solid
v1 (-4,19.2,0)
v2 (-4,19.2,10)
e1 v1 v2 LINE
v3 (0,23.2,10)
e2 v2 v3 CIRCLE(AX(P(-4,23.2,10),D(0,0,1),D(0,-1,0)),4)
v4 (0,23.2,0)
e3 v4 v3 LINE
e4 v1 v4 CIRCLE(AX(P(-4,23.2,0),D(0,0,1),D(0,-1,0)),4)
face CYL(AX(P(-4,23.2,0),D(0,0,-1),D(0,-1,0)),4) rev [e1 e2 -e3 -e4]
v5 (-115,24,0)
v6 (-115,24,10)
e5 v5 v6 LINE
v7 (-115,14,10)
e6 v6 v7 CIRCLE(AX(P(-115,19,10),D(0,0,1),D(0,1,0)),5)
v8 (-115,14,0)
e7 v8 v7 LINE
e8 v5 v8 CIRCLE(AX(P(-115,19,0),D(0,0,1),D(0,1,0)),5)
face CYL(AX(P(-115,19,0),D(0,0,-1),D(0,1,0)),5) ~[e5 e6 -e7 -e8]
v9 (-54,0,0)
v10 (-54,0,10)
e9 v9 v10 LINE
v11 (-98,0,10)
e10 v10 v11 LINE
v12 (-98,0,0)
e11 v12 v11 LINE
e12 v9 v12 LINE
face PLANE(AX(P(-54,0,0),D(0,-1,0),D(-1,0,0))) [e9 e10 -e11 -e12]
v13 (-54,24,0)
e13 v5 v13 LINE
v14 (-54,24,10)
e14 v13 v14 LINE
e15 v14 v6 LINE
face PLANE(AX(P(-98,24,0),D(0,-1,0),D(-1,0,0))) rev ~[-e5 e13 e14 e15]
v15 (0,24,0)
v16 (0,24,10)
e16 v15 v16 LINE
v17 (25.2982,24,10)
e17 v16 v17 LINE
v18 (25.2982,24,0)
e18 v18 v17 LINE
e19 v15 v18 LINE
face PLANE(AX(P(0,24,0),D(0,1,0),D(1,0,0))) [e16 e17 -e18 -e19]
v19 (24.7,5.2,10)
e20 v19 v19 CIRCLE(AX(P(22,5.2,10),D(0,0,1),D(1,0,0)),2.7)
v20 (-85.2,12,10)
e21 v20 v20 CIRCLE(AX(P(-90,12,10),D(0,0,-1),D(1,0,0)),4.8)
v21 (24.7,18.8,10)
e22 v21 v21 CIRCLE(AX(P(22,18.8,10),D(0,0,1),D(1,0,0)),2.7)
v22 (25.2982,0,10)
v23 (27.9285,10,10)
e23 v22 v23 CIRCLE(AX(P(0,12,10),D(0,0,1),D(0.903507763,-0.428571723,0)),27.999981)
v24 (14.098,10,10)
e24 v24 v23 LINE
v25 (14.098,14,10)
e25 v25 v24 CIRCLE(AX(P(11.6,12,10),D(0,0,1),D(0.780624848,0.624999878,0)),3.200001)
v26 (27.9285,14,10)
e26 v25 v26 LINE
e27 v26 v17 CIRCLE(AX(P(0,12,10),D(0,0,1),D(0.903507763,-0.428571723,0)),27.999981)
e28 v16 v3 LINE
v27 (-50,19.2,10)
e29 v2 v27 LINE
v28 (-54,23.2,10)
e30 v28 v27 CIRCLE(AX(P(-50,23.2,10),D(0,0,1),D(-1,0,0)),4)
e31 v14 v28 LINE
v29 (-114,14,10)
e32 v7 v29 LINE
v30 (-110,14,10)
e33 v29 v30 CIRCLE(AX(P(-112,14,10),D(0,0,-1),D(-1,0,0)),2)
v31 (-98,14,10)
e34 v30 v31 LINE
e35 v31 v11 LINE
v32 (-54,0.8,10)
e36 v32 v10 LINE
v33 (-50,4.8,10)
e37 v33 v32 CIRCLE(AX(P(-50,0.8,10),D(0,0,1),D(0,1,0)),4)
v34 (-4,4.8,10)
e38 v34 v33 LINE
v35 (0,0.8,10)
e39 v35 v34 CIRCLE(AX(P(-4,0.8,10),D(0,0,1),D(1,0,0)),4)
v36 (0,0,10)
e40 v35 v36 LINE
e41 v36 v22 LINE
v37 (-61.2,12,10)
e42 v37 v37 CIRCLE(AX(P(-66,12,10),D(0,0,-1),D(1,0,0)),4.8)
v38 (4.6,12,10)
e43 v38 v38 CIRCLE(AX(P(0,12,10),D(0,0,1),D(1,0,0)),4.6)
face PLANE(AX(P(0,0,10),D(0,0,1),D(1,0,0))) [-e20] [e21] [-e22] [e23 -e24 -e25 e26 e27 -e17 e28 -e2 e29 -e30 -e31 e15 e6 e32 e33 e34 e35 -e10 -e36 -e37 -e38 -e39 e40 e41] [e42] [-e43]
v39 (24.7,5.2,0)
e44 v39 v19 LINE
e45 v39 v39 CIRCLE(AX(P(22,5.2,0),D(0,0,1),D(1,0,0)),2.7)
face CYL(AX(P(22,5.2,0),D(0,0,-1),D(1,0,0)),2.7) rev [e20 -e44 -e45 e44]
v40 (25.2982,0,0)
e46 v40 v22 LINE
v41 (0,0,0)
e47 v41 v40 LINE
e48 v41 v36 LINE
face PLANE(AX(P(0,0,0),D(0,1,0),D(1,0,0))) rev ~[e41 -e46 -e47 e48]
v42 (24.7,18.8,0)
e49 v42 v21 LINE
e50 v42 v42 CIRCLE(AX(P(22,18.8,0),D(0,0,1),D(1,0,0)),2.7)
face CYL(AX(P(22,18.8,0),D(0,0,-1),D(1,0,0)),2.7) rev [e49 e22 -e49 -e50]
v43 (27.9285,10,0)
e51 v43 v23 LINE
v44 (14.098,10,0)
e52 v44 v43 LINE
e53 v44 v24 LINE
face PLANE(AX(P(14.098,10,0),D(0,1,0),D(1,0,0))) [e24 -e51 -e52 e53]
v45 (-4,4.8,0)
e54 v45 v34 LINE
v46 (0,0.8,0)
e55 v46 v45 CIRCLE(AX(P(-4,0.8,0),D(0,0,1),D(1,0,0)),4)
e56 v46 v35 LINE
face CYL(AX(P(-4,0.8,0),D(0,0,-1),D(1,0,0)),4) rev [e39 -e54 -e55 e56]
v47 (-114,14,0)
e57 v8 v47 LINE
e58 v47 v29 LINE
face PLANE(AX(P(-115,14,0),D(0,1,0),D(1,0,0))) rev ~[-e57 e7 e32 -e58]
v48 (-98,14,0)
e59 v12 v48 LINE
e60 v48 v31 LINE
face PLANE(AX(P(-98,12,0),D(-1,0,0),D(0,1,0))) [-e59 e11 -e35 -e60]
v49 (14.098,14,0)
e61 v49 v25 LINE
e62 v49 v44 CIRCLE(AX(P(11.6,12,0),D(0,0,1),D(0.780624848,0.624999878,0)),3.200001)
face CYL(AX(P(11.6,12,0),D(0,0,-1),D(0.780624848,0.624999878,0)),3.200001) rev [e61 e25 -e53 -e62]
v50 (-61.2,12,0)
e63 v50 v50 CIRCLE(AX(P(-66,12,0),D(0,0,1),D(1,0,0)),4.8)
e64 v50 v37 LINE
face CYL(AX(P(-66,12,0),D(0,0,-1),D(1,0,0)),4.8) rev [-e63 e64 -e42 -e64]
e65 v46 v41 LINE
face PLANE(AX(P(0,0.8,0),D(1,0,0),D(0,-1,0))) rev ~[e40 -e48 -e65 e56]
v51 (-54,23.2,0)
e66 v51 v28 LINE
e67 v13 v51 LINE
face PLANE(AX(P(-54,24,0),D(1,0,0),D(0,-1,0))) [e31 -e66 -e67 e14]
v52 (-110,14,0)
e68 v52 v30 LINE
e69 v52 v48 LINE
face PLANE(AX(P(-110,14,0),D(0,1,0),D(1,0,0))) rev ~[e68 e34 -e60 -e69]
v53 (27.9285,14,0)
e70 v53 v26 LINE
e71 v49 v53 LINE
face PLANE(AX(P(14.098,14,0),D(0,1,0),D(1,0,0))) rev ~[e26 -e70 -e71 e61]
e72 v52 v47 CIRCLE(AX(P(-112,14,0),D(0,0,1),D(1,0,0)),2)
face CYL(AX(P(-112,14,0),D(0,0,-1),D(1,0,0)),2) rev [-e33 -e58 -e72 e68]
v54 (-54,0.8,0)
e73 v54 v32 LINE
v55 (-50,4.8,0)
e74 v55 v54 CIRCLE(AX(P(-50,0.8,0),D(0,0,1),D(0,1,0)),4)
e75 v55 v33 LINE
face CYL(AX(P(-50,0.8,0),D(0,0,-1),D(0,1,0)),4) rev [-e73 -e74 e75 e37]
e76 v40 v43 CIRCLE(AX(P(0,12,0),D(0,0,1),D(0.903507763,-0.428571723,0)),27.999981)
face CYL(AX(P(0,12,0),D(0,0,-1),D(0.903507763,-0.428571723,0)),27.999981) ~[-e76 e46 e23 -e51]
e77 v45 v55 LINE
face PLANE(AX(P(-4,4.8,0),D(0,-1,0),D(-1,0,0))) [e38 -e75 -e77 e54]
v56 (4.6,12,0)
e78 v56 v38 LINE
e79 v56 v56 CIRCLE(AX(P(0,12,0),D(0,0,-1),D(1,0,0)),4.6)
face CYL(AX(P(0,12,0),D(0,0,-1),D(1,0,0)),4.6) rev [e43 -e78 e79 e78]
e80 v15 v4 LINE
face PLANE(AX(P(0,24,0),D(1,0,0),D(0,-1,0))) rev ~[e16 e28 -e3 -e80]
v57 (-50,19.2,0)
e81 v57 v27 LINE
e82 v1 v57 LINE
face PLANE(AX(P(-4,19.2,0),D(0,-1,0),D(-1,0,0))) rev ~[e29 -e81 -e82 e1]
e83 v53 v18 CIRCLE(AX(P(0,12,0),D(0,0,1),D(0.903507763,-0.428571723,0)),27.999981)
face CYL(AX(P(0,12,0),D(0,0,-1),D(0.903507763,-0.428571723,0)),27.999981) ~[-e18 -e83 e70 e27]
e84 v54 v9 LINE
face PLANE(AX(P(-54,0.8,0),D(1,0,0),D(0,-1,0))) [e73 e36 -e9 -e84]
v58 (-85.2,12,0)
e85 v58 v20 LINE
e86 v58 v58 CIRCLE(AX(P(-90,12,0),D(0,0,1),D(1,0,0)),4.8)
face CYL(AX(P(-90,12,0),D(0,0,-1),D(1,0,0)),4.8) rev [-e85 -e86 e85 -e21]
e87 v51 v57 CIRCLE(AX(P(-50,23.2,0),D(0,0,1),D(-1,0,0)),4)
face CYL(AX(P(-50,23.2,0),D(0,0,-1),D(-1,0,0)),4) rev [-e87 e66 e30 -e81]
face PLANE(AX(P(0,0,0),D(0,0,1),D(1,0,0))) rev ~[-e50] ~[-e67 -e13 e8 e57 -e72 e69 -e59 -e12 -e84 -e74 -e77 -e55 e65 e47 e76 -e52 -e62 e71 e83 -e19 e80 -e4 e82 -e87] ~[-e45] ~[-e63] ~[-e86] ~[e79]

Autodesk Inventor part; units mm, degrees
ref_plane "YZ Plane" through (0, 0, 0) normal (1, 0, 0) x (0, 1, 0)
ref_plane "XZ Plane" through (0, 0, 0) normal (0, 1, 0) x (-1, 0, 0)
ref_plane "XY Plane" through (0, 0, 0) normal (0, 0, 1) x (1, 0, 0)
sketch "Эскиз1" plane through (0, 0, 0) normal (0, 0, 1) x (1, 0, 0)
  circle A0 centre (0, 12) radius 4.6
  line L0 (0, 24) -> (0, 0)
  arc A1 (25.2982, 0) -> (25.2982, 24) centre (0, 12) ccw
  line L1 (0, 24) -> (25.2982, 24)
  line L2 (14.098, 10) -> (27.9285, 10)
  circle A2 centre (22, 5.2) radius 2.7
  line L3 (0, 0) -> (25.2982, 0)
  circle A3 centre (22, 18.8) radius 2.7
  arc A4 (14.098, 14) -> (14.098, 10) centre (11.6, 12) ccw
  line L4 (14.098, 14) -> (27.9285, 14)
  line L5 (0, 0) -> (0, 0.8)
  line L6 (-4, 4.8) -> (-50, 4.8)
  line L7 (-54, 0.8) -> (-54, 0)
  line L8 (-54, 0) -> (-98, 0)
  arc A5 (-50, 4.8) -> (-54, 0.8) centre (-50, 0.8) ccw
  arc A6 (0, 0.8) -> (-4, 4.8) centre (-4, 0.8) ccw
  line L9 (0, 12) -> (-66, 12)
  circle A7 centre (-66, 12) radius 4.8
  line L10 (-66, 12) -> (-90, 12)
  circle A8 centre (-90, 12) radius 4.8
  line L11 (-4, 19.2) -> (-50, 19.2)
  line L12 (-54, 24) -> (-98, 24)
  arc A9 (-54, 23.2) -> (-50, 19.2) centre (-50, 23.2) ccw
  arc A10 (-4, 19.2) -> (0, 23.2) centre (-4, 23.2) ccw
  line L13 (-54, 24) -> (-54, 23.2)
  line L14 (0, 24) -> (0, 23.2)
  line L15 (-98, 24) -> (-115, 24)
  line L16 (-90, 12) -> (-125.2457, 12)
  line L17 (-98, 0) -> (-98, 14)
  line L18 (-112, 24) -> (-112, 14)
  arc A11 (-115, 24) -> (-115, 14) centre (-115, 19) ccw
  arc A12 (-110, 14) -> (-114, 14) centre (-112, 14) ccw
  line L19 (-115, 14) -> (-114, 14)
  line L20 (-110, 14) -> (-98, 14)
  point P0 (0, 4.8)
  point P1 (-112, 19)
  point P2 (-120, 19)
  point P3 (0, 0.4)
  point P4 (-54, 0.4)
  point P5 (-107.6228, 12)
  dimension "d3" = 9.2
  dimension "d5" = 56
  dimension "d10" = 5.4
  dimension "d12" = 6.4
  dimension "d18" = 4
  dimension "d19" = 4
  dimension "d20" = 66
  dimension "d21" = 9.6
  dimension "d22" = 24
  dimension "d23" = 9.6
  dimension "d25" = 14
  dimension "d28" = 5
  dimension "d30" = 8
  dimension "d31" = 98
  dimension "d32" = 54
  dimension "d33" = 4
  dimension "d34" = 2
extrude "Выдавливание1" add sketch "Эскиз1" along normal blind 10 contours A0 L0 L1 A1 L4 A4 L2 L3 | A0 L9 A7 L10 A8 L16 L17 L20 A12 L18 L15 L12 L13 A9 L11 A10 L0 | L0 A6 L6 A5 L7 L8 L17 L16 A8 L10 A7 L9 A0 | L18 A12 L19 A11 L15
